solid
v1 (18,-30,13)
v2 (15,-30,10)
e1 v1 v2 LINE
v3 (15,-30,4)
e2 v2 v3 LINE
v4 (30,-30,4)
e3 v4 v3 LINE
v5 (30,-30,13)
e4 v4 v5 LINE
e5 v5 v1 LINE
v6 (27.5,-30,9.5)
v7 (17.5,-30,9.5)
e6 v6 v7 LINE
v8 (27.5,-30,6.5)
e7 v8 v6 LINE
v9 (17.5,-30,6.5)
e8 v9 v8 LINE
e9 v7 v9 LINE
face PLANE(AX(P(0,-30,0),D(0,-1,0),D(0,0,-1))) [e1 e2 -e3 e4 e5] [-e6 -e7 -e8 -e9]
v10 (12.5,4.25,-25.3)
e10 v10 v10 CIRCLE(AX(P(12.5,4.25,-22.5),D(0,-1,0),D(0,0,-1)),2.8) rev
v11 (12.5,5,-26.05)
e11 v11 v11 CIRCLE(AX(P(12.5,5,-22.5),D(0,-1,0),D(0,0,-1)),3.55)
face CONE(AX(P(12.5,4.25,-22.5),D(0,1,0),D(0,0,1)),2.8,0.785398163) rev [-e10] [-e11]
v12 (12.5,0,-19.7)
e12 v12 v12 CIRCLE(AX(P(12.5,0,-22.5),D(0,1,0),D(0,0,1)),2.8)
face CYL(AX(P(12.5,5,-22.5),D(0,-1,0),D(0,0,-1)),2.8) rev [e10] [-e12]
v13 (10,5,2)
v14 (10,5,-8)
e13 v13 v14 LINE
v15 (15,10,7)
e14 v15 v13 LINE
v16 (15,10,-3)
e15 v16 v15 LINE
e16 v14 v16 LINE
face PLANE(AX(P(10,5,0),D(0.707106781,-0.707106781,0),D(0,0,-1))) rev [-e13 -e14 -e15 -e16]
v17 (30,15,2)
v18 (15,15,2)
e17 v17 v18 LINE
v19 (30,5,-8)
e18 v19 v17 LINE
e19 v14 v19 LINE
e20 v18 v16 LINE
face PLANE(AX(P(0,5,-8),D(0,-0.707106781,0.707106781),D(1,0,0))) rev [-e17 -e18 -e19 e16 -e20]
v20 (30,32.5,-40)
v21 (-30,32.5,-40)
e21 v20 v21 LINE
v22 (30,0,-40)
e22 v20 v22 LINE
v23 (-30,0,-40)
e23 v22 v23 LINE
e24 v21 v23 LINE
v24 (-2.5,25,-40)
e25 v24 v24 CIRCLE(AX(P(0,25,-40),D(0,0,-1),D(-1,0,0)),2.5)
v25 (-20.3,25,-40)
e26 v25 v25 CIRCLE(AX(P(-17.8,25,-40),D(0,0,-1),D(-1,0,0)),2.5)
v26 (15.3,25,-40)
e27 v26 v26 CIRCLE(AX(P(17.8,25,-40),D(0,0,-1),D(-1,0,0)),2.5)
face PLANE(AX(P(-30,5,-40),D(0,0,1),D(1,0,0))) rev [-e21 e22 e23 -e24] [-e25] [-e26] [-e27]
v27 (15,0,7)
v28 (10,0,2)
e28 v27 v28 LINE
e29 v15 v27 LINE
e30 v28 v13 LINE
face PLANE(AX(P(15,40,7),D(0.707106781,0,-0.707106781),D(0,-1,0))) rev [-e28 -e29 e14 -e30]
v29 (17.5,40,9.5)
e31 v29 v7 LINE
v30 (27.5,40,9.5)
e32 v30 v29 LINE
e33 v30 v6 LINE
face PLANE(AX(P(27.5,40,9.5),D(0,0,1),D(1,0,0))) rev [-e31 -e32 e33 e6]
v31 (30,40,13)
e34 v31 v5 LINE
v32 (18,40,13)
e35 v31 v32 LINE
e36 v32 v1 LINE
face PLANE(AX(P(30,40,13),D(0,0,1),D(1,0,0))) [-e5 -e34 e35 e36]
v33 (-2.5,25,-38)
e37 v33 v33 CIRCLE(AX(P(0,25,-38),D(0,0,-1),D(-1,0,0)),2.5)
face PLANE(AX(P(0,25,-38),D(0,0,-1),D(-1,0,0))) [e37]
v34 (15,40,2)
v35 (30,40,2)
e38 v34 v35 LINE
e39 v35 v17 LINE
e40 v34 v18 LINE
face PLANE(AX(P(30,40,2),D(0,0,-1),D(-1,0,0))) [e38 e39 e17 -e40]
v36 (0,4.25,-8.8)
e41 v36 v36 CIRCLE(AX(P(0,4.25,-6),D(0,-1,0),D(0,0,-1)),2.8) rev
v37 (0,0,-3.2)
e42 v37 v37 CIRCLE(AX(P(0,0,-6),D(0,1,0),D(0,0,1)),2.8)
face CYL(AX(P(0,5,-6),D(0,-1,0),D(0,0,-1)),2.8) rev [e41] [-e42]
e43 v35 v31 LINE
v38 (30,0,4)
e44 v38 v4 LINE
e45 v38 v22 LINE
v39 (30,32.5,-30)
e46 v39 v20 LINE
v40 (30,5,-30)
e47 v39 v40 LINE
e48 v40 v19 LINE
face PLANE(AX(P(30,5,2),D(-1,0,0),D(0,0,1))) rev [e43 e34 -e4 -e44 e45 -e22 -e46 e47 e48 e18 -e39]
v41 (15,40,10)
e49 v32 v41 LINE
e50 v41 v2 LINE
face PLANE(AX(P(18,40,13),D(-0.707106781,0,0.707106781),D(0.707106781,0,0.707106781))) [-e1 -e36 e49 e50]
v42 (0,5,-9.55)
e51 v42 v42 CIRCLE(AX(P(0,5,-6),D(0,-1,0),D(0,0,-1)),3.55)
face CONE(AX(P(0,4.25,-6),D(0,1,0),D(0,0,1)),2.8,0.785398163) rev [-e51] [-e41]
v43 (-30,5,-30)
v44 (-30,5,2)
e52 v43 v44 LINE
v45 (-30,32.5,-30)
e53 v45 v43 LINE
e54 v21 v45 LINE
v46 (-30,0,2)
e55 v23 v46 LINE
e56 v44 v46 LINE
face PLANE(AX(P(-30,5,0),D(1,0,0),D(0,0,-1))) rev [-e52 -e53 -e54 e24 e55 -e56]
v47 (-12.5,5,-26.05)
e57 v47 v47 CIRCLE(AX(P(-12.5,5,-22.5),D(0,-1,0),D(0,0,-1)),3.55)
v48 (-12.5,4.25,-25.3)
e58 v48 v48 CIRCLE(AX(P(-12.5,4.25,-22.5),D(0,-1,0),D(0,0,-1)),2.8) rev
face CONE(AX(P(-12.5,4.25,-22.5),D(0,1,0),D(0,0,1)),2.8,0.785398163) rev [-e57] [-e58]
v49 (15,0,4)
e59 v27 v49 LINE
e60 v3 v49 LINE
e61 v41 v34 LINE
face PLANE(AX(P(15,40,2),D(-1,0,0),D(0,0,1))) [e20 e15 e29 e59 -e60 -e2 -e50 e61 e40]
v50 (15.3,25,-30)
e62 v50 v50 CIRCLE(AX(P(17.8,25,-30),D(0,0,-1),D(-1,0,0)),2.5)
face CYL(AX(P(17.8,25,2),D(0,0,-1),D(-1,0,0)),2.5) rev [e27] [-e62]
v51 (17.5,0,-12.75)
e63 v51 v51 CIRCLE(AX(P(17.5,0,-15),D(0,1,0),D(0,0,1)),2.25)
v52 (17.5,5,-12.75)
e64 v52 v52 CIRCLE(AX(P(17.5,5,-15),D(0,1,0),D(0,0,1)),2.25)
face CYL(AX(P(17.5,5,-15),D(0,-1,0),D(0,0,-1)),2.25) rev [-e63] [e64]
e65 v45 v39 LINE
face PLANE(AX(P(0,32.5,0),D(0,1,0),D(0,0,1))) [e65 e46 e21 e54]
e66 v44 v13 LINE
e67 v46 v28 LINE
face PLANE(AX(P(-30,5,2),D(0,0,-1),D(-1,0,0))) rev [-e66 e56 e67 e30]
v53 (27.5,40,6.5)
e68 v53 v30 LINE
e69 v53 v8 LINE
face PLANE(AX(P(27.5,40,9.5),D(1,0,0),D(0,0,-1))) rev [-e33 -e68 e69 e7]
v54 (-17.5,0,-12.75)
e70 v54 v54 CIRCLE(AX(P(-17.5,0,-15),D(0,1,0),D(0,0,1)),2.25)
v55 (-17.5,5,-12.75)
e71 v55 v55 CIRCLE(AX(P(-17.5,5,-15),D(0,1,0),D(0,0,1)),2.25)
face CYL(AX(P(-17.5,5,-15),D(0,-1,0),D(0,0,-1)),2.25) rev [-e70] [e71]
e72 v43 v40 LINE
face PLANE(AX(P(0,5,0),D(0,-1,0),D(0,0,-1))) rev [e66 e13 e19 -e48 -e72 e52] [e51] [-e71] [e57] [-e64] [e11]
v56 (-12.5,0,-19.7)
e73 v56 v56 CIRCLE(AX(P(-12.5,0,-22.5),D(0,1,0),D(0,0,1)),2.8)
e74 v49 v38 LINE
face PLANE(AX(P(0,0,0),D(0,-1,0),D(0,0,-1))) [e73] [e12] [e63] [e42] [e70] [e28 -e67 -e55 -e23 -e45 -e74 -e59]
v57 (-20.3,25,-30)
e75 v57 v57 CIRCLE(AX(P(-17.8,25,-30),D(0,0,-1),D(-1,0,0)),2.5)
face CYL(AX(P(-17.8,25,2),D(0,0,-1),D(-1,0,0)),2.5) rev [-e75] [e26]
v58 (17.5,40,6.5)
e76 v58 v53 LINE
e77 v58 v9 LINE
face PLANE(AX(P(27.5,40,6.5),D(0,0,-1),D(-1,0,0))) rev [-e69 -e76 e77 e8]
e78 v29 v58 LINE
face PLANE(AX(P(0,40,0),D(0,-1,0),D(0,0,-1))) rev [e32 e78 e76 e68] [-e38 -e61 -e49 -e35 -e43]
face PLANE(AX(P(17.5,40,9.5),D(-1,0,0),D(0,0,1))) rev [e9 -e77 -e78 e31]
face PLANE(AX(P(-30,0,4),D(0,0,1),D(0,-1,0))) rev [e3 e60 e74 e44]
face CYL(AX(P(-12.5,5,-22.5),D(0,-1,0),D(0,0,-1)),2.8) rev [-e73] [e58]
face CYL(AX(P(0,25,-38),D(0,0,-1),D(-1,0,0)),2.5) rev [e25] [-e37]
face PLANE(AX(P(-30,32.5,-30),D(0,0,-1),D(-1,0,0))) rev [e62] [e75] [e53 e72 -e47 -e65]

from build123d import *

# Parameters (mm, degrees)
SKETCH1_R                = 2.8
SKETCH1_R_2              = 2.25
BOSS_EXTRUDE1_DEPTH      = 5
SKETCH3_W                = 60
SKETCH3_H                = 10
BOSS_EXTRUDE3_DEPTH      = 27.5
SKETCH4_R                = 2.5
CUT_EXTRUDE1_DEPTH       = 61.993852149
CHAMFER1_SIZE            = 0.75
BOSS_EXTRUDE4_DEPTH      = 30
BOSS_EXTRUDE4_DEPTH_BACK = 40
SKETCH5_W                = 10
SKETCH5_H                = 3
CHAMFER2_SIZE            = 10
CHAMFER3_SIZE            = 5
SKETCH7_W                = 2
SKETCH7_H                = 30
CUT_EXTRUDE2_DEPTH       = 83.462112512
BOSS_EXTRUDE5_DEPTH      = 5
CUT_EXTRUDE3_DEPTH       = 79.89866919
SKETCH10_R               = 2.5
CUT_EXTRUDE4_DEPTH       = 2


with BuildPart() as part:
    # Sketch1 → Boss-Extrude1 (new body)
    with BuildSketch(Plane(origin=(0, 0, 0), x_dir=(1, 0, 0), z_dir=(0, 1, 0))):
        Polygon((-30, 0), (-30, 40), (30, 40), (30, 0), (30, -2), (-30, -2), align=None)
        with Locations(Location((-12.5, 22.5, 0), (0, 0, 270))):
            Circle(SKETCH1_R, mode=Mode.SUBTRACT)
        with Locations(Location((12.5, 22.5, 0), (0, 0, 270))):
            Circle(SKETCH1_R, mode=Mode.SUBTRACT)
        with Locations(Location((-17.5, 15, 0), (0, 0, 270))):
            Circle(SKETCH1_R_2, mode=Mode.SUBTRACT)
        with Locations(Location((17.5, 15, 0), (0, 0, 270))):
            Circle(SKETCH1_R_2, mode=Mode.SUBTRACT)
        with Locations(Location((0, 6, 0), (0, 0, 270))):
            Circle(SKETCH1_R, mode=Mode.SUBTRACT)
    extrude(amount=BOSS_EXTRUDE1_DEPTH)

    # Sketch3 → Boss-Extrude3 (add)
    with BuildSketch(Plane(origin=(0, 5, 0), x_dir=(1, 0, 0), z_dir=(0, 1, 0))):
        with Locations((0, 35)):
            Rectangle(SKETCH3_W, SKETCH3_H)
    extrude(amount=BOSS_EXTRUDE3_DEPTH)

    # Sketch4 → Cut-Extrude1 (cut, through all)
    with BuildSketch(Plane(origin=(0, 0, -40), x_dir=(-1, 0, 0), z_dir=(0, 0, -1))):
        with Locations((-17.8, 25)):
            Circle(SKETCH4_R)
        with Locations((17.8, 25)):
            Circle(SKETCH4_R)
    extrude(amount=-CUT_EXTRUDE1_DEPTH, mode=Mode.SUBTRACT)

    # Chamfer1
    chamfer1_edges = [part.edges().sort_by_distance(p)[0] for p in [
        (-12.5, 5, -25.3),
        (12.5, 5, -25.3),
        (0, 5, -8.8),
    ]]
    chamfer(chamfer1_edges, length=CHAMFER1_SIZE)

    # Sketch5 → Boss-Extrude4 (add, two sides: drawn at the far end of the back side and taken through both)
    with BuildSketch(Plane.XZ.offset(-BOSS_EXTRUDE4_DEPTH_BACK)):
        Polygon((18, 13), (15, 10), (15, 2), (30, 2), (30, 13), align=None)
        with Locations((22.5, 8)):
            Rectangle(SKETCH5_W, SKETCH5_H, mode=Mode.SUBTRACT)
    extrude(amount=BOSS_EXTRUDE4_DEPTH + BOSS_EXTRUDE4_DEPTH_BACK)

    # Chamfer2
    chamfer2_edges = [part.edges().sort_by_distance(p)[0] for p in [
        (22.5, 5, 2),
    ]]
    chamfer(chamfer2_edges, length=CHAMFER2_SIZE)

    # Chamfer3
    chamfer3_edges = [part.edges().sort_by_distance(p)[0] for p in [
        (15, 2.5, 2),
        (15, 5, -3),
    ]]
    chamfer(chamfer3_edges, length=CHAMFER3_SIZE)

    # Sketch7 → Cut-Extrude2 (cut, through all)
    with BuildSketch(Plane(origin=(30, 0, 0), x_dir=(0, 0, -1), z_dir=(1, 0, 0))):
        with Locations((-3, -15)):
            Rectangle(SKETCH7_W, SKETCH7_H)
    extrude(amount=-CUT_EXTRUDE2_DEPTH, mode=Mode.SUBTRACT)

    # Sketch8 → Boss-Extrude5 (add)
    with BuildSketch(Plane(origin=(30, 0, 0), x_dir=(0, 0, -1), z_dir=(1, 0, 0))):
        Polygon((30, 32.5), (-2, 32.5), (-2, 15), (8, 5), (30, 5), align=None)
    extrude(amount=-BOSS_EXTRUDE5_DEPTH)

    # Sketch9 → Cut-Extrude3 (cut, through all)
    with BuildSketch(Plane.ZY.offset(-25)):
        Polygon((-30, 32.5), (-30, 5), (-8, 5), (2, 15), (2, 32.5), align=None)
    extrude(amount=-CUT_EXTRUDE3_DEPTH, mode=Mode.SUBTRACT)

    # Sketch10 → Cut-Extrude4 (cut)
    with BuildSketch(Plane(origin=(0, 0, -40), x_dir=(-1, 0, 0), z_dir=(0, 0, -1))):
        with Locations((0, 25)):
            Circle(SKETCH10_R)
    extrude(amount=-CUT_EXTRUDE4_DEPTH, mode=Mode.SUBTRACT)


solid = part.part
